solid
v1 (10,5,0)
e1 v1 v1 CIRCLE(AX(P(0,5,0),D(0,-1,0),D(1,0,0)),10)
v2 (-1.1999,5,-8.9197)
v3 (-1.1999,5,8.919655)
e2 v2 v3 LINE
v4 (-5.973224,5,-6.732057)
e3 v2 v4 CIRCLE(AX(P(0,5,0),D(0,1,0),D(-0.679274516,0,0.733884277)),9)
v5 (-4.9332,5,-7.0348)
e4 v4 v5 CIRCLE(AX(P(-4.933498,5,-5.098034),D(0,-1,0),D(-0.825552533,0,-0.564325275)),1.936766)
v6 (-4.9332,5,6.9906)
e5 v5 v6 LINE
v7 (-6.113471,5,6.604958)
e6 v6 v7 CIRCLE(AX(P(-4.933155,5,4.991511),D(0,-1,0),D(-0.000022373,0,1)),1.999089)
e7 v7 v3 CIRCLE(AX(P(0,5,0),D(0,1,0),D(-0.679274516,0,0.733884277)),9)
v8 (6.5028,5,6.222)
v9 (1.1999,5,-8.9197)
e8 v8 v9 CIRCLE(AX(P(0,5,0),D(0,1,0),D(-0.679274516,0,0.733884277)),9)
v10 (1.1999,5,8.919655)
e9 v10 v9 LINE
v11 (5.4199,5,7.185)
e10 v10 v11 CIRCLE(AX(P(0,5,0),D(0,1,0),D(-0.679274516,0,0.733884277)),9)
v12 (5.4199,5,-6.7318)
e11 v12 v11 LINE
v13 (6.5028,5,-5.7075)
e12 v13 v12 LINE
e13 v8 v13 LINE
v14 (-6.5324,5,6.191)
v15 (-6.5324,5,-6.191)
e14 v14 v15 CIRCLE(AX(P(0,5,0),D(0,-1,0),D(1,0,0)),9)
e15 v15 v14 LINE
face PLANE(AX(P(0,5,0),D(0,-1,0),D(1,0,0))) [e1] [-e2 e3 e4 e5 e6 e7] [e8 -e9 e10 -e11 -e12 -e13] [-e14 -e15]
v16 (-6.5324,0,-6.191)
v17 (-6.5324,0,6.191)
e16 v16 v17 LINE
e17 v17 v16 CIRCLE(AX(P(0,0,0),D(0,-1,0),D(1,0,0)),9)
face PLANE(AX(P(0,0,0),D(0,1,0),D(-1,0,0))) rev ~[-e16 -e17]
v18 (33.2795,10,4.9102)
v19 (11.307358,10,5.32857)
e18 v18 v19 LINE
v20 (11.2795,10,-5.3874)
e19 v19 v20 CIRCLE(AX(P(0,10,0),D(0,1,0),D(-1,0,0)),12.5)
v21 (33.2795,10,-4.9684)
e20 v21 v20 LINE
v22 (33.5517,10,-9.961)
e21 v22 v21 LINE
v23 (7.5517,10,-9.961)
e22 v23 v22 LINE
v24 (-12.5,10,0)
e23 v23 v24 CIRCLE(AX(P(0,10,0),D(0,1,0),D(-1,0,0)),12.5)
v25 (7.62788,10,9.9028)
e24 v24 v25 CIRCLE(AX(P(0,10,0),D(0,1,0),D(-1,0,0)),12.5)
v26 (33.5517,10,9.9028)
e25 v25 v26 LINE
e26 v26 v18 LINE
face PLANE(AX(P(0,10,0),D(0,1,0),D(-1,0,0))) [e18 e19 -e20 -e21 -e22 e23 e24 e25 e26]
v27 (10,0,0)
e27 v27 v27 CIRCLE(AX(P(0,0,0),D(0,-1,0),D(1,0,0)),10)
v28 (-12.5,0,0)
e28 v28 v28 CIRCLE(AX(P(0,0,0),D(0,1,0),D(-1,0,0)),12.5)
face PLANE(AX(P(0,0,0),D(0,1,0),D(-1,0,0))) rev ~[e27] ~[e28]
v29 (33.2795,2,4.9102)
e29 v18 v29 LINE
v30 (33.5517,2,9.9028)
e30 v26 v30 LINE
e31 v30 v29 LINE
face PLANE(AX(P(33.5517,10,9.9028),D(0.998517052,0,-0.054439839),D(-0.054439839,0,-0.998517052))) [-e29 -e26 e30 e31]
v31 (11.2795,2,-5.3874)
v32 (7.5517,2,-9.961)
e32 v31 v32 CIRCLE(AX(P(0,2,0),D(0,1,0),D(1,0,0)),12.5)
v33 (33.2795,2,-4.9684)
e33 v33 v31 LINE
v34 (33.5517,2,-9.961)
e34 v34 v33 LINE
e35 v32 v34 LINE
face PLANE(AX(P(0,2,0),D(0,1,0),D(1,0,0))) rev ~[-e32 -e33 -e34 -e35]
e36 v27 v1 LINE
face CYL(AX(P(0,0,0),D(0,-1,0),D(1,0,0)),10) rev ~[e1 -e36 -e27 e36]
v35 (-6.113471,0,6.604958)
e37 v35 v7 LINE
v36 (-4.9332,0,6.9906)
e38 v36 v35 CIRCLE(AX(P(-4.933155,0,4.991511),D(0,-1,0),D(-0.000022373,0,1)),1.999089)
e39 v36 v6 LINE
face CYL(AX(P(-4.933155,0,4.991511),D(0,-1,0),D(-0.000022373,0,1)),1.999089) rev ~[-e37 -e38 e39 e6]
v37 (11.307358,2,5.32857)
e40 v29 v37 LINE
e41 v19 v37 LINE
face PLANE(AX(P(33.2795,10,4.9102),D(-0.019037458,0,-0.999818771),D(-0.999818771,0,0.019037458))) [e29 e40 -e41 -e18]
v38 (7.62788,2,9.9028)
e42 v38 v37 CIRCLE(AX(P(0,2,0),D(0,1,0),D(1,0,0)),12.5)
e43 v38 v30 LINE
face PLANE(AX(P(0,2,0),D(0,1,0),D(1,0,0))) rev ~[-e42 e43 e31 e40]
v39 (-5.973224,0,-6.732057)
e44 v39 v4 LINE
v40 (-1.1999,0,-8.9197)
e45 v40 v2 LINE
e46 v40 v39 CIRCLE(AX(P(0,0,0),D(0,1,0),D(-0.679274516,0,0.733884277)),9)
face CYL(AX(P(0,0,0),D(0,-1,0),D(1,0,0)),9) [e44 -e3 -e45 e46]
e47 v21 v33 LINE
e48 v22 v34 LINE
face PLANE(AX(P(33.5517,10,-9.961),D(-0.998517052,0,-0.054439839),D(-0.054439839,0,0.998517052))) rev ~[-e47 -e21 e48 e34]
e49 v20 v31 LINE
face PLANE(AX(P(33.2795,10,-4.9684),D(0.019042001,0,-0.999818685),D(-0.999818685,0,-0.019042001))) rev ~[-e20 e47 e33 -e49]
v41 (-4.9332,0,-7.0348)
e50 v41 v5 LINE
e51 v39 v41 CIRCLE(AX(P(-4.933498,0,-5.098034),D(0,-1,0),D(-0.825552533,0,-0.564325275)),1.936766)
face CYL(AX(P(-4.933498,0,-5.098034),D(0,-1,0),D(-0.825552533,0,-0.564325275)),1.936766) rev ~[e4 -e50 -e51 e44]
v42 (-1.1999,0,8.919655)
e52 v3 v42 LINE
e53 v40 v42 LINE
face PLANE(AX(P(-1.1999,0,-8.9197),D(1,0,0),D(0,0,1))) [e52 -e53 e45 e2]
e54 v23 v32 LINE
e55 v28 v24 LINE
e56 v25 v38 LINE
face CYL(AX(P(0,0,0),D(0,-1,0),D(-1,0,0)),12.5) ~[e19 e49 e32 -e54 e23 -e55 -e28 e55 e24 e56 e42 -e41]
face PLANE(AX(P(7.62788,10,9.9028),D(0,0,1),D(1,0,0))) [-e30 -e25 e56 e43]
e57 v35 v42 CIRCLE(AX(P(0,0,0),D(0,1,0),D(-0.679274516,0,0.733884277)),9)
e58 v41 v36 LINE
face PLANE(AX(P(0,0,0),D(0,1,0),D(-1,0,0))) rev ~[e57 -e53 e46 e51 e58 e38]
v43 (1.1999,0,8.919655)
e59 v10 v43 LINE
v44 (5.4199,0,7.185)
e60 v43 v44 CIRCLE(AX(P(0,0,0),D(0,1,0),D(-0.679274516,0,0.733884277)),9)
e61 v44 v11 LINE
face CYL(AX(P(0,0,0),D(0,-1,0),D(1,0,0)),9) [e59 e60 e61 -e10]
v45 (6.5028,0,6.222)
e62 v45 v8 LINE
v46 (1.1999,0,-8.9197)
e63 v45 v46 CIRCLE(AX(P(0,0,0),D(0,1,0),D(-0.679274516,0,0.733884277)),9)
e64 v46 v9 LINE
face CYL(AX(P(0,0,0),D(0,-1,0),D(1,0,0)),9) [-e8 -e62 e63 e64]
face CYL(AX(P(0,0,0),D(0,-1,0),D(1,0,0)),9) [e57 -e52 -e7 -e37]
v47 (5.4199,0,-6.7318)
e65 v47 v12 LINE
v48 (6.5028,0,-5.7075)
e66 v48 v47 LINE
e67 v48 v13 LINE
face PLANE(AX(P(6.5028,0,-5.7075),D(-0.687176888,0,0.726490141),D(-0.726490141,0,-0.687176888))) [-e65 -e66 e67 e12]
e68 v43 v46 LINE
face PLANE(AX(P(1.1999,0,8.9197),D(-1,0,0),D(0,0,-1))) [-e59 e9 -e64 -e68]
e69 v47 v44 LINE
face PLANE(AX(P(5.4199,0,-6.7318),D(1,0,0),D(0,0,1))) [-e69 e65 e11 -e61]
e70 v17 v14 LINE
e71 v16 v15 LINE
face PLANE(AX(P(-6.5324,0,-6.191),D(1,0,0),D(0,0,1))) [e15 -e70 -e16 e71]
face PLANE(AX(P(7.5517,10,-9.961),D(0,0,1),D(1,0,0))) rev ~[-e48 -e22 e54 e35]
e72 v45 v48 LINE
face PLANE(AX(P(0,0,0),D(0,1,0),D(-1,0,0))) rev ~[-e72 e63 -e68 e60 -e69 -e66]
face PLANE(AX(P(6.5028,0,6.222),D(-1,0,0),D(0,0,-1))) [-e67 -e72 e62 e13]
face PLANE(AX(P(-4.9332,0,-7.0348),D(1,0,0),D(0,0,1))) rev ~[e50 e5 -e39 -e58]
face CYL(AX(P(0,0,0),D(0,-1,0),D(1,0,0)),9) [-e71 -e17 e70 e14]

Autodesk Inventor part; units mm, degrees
ref_plane "YZ Plane" through (0, 0, 0) normal (1, 0, 0) x (0, 1, 0)
ref_plane "XZ Plane" through (0, 0, 0) normal (0, 1, 0) x (-1, 0, 0)
ref_plane "XY Plane" through (0, 0, 0) normal (0, 0, 1) x (1, 0, 0)
sketch "Sketch1" plane through (0, 0, 0) normal (0, 1, 0) x (-1, 0, 0)
  circle A0 centre (0, 0) radius 12.5
  circle A1 centre (0, 0) radius 10
  circle A2 centre (0, 0) radius 9
  dimension "d0" = 25
  dimension "d1" = 20
  dimension "d2" = 18
extrude "Extrusion1" add sketch "Sketch1" along normal blind 10 contours A0
sketch "Sketch2" plane through (0, 10, 0) normal (0, 1, 0) x (1, 0, 0)
  circle A0 centre (0, 0) radius 10
  circle A1 centre (0, 0) radius 9
  dimension "d5" = 18
extrude "Extrusion2" add sketch "Sketch2" against normal blind 10 contours A0 | A1
sketch "Sketch3" plane through (0, 0, 0) normal (0, -1, 0) x (1, 0, 0)
  circle A0 centre (0, 0) radius 10
  circle A1 centre (0, 0) radius 9
  dimension "d8" = 20
  dimension "d9" = 18
extrude "Extrusion3" cut sketch "Sketch3" against normal blind 5
sketch "Sketch4" plane through (0, 0, 0) normal (0, -1, 0) x (1, 0, 0)
  circle A0 centre (0, 0) radius 9 projected
  line L0 (-6.5324, -6.191) -> (-6.5324, 6.191)
  line L1 (-4.9332, -7.0348) -> (-4.9332, 6.9906)
  arc A1 (-4.9332, 6.9906) -> (-6.5324, 6.191) centre (-4.9332, 4.9917) ccw
  arc A2 (-6.5324, -6.191) -> (-4.9332, -7.0348) centre (-4.9332, -5.0977) ccw
  point P0 (-6.1136, 6.6049)
  point P1 (-5.9735, -6.7318)
extrude "Extrusion4" cut sketch "Sketch4" against normal blind 5 contours A0 A1 L1 A2 L0
sketch "Sketch5" plane through (0, 0, 0) normal (0, -1, 0) x (1, 0, 0)
  arc A0 (-5.9735, -6.7318) -> (-6.1136, 6.6049) centre (0, 0) ccw projected
  line L0 (-1.1999, -8.9197) -> (-1.1999, 8.9197)
  line L1 (1.1999, 8.9197) -> (1.1999, -8.9197)
  line L2 (6.5028, 6.222) -> (6.5028, -5.7075)
  line L3 (6.5028, -5.7075) -> (5.4199, -6.7318)
  line L4 (5.4199, -6.7318) -> (5.4199, 7.185)
extrude "Extrusion5" cut sketch "Sketch5" against normal blind 5 contours L0 A0 L1 | L2 L3 L4 A0
sketch "Sketch6" plane through (0, 10, 0) normal (0, 1, 0) x (1, 0, 0)
  circle A0 centre (0, 0) radius 12.5 projected
  line L0 (7.5517, 9.961) -> (33.5517, 9.961)
  line L1 (33.5517, 9.961) -> (33.2795, 4.9684)
  line L2 (33.2795, 4.9684) -> (11.2795, 5.3874)
  line L3 (13.1769, 0.0291) -> (33.0118, 0.0291)
  line L4 (7.5517, -9.9028) -> (33.5517, -9.9028)
  line L5 (33.5517, -9.9028) -> (33.2795, -4.9102)
  line L6 (33.2795, -4.9102) -> (11.2795, -5.3291)
  point P0 (11.3073, -5.3286)
  point P1 (7.6279, -9.9028)
  dimension "d16" = 26
  dimension "d17" = 5
  dimension "d18" = 22
extrude "Extrusion6" add sketch "Sketch6" against normal blind 8 contours A0 L0 L1 L2 | L6 L5 L4 A0
properties part number "ab"
